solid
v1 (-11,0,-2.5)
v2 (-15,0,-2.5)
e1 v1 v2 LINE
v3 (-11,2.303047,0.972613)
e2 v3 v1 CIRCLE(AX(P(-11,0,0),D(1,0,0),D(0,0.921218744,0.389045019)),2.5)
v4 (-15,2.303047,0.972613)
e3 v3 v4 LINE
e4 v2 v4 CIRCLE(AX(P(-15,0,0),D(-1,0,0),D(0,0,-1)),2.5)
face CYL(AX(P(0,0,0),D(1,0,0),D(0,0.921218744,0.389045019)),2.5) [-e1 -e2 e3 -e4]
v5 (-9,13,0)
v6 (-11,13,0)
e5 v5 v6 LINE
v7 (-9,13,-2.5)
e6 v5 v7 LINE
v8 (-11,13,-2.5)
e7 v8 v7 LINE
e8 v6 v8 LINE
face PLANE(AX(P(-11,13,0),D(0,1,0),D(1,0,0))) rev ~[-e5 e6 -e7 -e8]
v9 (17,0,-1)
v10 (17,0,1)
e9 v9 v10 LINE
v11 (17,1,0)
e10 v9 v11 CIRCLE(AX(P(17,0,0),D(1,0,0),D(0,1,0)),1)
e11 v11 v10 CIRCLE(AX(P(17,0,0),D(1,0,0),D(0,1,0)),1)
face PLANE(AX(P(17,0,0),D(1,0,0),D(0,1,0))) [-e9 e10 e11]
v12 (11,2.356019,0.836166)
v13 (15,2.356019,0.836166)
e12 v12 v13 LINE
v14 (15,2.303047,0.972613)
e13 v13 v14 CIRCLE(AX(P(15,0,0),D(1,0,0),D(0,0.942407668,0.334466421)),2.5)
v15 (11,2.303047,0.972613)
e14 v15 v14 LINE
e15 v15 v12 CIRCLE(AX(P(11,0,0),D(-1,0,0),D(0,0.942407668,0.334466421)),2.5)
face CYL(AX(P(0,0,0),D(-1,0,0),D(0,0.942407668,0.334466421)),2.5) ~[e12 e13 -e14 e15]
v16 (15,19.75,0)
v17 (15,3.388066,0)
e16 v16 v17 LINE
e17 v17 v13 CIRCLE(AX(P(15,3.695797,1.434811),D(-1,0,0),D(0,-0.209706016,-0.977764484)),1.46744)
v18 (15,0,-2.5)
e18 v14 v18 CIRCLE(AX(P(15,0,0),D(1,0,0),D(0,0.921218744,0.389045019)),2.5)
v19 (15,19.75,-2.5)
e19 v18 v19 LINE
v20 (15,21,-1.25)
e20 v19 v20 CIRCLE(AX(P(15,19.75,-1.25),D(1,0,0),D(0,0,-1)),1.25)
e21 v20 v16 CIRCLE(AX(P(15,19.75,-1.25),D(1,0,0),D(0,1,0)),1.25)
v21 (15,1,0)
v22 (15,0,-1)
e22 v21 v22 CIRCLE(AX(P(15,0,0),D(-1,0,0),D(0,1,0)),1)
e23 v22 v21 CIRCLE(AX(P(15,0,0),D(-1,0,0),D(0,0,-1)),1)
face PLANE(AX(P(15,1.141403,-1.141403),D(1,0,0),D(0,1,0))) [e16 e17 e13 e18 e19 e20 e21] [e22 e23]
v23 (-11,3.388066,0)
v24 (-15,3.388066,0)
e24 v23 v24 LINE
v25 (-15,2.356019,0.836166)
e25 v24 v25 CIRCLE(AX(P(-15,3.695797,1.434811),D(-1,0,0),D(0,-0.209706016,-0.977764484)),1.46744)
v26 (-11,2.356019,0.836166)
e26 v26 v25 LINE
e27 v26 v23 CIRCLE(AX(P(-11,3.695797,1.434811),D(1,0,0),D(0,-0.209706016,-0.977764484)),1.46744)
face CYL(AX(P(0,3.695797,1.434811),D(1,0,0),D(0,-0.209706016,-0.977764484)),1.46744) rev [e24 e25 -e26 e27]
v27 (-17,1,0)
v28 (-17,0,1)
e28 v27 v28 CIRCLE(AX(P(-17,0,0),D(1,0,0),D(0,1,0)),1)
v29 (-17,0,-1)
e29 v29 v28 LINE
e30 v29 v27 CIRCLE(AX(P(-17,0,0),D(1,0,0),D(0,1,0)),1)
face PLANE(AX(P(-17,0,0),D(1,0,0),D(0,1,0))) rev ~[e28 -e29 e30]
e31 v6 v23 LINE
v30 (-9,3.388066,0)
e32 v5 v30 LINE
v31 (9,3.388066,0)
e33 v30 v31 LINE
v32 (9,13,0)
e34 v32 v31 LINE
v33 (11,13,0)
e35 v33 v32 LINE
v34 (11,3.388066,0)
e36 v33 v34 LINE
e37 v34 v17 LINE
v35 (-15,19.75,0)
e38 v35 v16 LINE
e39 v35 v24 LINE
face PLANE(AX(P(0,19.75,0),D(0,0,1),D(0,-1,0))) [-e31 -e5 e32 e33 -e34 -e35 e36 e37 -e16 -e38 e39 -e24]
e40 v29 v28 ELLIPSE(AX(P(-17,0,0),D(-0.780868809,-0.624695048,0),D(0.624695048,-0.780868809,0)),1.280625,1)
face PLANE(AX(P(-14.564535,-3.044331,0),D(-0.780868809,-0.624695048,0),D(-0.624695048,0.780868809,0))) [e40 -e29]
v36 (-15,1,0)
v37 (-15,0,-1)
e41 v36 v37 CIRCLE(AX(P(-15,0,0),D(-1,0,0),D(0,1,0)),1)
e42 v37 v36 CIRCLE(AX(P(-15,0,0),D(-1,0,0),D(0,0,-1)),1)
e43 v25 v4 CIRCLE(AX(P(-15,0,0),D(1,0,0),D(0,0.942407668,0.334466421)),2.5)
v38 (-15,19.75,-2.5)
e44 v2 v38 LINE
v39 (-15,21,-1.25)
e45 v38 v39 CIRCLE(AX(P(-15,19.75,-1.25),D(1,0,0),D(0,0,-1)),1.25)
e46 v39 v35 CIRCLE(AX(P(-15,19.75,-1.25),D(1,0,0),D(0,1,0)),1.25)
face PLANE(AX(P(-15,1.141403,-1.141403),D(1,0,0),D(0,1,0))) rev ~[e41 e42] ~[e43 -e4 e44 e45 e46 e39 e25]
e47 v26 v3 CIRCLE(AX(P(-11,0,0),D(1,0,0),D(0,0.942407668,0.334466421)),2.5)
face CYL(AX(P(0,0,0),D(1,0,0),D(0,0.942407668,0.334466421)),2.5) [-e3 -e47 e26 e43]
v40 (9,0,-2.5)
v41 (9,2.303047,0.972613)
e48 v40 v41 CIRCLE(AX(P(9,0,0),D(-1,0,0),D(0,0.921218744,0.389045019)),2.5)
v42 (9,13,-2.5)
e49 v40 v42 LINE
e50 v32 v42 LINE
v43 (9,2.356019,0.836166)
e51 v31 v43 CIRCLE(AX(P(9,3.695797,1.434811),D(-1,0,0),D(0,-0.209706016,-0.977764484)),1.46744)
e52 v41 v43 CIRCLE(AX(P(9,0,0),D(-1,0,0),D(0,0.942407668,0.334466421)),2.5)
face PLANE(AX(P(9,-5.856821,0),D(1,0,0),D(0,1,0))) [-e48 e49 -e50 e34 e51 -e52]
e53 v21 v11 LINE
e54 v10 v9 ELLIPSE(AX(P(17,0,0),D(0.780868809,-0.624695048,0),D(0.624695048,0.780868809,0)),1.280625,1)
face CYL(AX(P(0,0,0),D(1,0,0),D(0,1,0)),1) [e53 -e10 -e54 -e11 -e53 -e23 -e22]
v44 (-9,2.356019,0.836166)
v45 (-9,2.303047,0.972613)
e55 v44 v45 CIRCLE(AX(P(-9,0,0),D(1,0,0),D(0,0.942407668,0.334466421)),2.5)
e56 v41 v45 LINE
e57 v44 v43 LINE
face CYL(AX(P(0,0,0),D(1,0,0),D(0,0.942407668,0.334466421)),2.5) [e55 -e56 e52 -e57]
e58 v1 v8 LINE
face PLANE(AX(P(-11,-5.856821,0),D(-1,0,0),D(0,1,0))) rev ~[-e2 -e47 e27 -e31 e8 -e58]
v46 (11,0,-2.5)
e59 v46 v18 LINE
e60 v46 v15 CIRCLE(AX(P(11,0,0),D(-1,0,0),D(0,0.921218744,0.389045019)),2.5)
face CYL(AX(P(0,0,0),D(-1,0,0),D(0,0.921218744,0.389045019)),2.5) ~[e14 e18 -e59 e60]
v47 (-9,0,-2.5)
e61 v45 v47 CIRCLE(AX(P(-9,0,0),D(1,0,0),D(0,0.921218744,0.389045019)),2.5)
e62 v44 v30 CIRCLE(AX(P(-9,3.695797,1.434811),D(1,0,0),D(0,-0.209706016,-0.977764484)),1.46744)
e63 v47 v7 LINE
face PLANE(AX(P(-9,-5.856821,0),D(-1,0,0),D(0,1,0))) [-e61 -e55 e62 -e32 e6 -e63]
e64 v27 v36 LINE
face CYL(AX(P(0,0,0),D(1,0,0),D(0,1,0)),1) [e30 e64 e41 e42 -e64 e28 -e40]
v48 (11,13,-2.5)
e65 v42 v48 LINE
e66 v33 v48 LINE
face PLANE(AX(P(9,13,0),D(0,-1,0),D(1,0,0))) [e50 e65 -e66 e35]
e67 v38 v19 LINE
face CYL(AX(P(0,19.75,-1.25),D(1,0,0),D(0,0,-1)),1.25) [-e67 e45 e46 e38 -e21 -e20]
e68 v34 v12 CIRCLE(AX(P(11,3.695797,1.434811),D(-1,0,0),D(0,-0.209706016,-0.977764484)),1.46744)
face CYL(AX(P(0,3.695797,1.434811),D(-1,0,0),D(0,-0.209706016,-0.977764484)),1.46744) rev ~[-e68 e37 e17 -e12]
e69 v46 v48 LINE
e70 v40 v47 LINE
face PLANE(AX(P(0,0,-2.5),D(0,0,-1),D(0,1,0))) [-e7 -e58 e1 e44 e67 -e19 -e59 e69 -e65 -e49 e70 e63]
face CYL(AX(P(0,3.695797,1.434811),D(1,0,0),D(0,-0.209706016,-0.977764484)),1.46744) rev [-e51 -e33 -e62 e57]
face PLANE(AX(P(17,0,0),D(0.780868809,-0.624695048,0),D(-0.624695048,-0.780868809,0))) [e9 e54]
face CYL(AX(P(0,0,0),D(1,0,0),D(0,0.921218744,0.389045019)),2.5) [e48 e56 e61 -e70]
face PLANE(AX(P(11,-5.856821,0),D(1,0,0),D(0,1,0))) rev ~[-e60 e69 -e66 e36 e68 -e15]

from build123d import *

# Parameters (mm, degrees)
F1_DEPTH = 15
F2_R     = 1
F3_DEPTH = 17
F5_W     = 2
F5_H     = 18.8568213596
F6_DEPTH = 12.5


with BuildPart() as f1:
    # F0 (on Right) → F1 (new body, symmetric)
    with BuildSketch(Plane.YZ):
        with BuildLine():
            Line((2.5, 0), (1, 0))
            ThreePointArc((1, 0), (0.7071067812, -0.7071067812), (0, -1))
            Line((0, -1), (0, -2.5))
            ThreePointArc((0, -2.5), (1.767766953, -1.767766953), (2.5, 0))
        make_face()
        with BuildLine():
            ThreePointArc((0, -1), (-0.7071067812, 0.7071067812), (1, 0))
            Line((1, 0), (2.5, 0))
            ThreePointArc((2.5, 0), (2.4637418621, 0.4242358271), (2.3560191704, 0.8361660533))
            ThreePointArc((2.3560191704, 0.8361660533), (2.32783074, 0.9037284298), (2.3030468589, 0.9726125467))
            ThreePointArc((2.3030468589, 0.9726125467), (-2.0834504274, 1.3817504538), (0, -2.5))
            Line((0, -2.5), (0, -1))
        make_face()
        with BuildLine():
            Line((3.3880661343, 0), (2.5, 0))
            ThreePointArc((2.5, 0), (1.767766953, -1.767766953), (0, -2.5))
            Line((0, -2.5), (19.75, -2.5))
            ThreePointArc((19.75, -2.5), (18.5, -1.25), (19.75, 0))
            Line((19.75, 0), (3.3880661343, 0))
        make_face()
        with BuildLine():
            ThreePointArc((2.3560191704, 0.8361660533), (2.4637418621, 0.4242358271), (2.5, 0))
            Line((2.5, 0), (3.3880661343, 0))
            ThreePointArc((3.3880661343, 0), (2.7720196419, 0.2946285479), (2.3560191704, 0.8361660533))
        make_face()
        with BuildLine():
            ThreePointArc((2.3030468589, 0.9726125467), (2.32783074, 0.9037284298), (2.3560191704, 0.8361660533))
            ThreePointArc((2.3560191704, 0.8361660533), (2.3305318015, 0.9047770567), (2.3030468589, 0.9726125467))
        make_face()
        with BuildLine():
            ThreePointArc((19.75, 0), (18.5, -1.25), (19.75, -2.5))
            Line((19.75, -2.5), (19.75, 0))
        make_face()
        with BuildLine():
            Line((19.75, 0), (19.75, -2.5))
            ThreePointArc((19.75, -2.5), (20.6338834765, -2.1338834765), (21, -1.25))
            ThreePointArc((21, -1.25), (20.6338834765, -0.3661165235), (19.75, 0))
        make_face()
    extrude(amount=F1_DEPTH, both=True)

    # F2 (on Right) → F3 (join, symmetric)
    with BuildSketch(Plane.YZ):
        Circle(F2_R)
    extrude(amount=F3_DEPTH, both=True)

    # F4 (on Top) + F5 (on Top) → F6 (cut, symmetric)
    with BuildSketch(Plane.XY):
        Polygon((-14.564535037, -3.0443312038), (-17, 0), (-18.738245276, 0), (-18.738245276, -3.0443312038), align=None)
        Polygon((18.738245276, -3.0443312038), (18.738245276, 0), (17, 0), (14.564535037, -3.0443312038), align=None)
    with BuildSketch(Plane.XY):
        with Locations((-10, 3.5715893202)):
            Rectangle(F5_W, F5_H)
        with Locations((10, 3.5715893202)):
            Rectangle(F5_W, F5_H)
    extrude(amount=F6_DEPTH, both=True, mode=Mode.SUBTRACT)


solid = f1.part
